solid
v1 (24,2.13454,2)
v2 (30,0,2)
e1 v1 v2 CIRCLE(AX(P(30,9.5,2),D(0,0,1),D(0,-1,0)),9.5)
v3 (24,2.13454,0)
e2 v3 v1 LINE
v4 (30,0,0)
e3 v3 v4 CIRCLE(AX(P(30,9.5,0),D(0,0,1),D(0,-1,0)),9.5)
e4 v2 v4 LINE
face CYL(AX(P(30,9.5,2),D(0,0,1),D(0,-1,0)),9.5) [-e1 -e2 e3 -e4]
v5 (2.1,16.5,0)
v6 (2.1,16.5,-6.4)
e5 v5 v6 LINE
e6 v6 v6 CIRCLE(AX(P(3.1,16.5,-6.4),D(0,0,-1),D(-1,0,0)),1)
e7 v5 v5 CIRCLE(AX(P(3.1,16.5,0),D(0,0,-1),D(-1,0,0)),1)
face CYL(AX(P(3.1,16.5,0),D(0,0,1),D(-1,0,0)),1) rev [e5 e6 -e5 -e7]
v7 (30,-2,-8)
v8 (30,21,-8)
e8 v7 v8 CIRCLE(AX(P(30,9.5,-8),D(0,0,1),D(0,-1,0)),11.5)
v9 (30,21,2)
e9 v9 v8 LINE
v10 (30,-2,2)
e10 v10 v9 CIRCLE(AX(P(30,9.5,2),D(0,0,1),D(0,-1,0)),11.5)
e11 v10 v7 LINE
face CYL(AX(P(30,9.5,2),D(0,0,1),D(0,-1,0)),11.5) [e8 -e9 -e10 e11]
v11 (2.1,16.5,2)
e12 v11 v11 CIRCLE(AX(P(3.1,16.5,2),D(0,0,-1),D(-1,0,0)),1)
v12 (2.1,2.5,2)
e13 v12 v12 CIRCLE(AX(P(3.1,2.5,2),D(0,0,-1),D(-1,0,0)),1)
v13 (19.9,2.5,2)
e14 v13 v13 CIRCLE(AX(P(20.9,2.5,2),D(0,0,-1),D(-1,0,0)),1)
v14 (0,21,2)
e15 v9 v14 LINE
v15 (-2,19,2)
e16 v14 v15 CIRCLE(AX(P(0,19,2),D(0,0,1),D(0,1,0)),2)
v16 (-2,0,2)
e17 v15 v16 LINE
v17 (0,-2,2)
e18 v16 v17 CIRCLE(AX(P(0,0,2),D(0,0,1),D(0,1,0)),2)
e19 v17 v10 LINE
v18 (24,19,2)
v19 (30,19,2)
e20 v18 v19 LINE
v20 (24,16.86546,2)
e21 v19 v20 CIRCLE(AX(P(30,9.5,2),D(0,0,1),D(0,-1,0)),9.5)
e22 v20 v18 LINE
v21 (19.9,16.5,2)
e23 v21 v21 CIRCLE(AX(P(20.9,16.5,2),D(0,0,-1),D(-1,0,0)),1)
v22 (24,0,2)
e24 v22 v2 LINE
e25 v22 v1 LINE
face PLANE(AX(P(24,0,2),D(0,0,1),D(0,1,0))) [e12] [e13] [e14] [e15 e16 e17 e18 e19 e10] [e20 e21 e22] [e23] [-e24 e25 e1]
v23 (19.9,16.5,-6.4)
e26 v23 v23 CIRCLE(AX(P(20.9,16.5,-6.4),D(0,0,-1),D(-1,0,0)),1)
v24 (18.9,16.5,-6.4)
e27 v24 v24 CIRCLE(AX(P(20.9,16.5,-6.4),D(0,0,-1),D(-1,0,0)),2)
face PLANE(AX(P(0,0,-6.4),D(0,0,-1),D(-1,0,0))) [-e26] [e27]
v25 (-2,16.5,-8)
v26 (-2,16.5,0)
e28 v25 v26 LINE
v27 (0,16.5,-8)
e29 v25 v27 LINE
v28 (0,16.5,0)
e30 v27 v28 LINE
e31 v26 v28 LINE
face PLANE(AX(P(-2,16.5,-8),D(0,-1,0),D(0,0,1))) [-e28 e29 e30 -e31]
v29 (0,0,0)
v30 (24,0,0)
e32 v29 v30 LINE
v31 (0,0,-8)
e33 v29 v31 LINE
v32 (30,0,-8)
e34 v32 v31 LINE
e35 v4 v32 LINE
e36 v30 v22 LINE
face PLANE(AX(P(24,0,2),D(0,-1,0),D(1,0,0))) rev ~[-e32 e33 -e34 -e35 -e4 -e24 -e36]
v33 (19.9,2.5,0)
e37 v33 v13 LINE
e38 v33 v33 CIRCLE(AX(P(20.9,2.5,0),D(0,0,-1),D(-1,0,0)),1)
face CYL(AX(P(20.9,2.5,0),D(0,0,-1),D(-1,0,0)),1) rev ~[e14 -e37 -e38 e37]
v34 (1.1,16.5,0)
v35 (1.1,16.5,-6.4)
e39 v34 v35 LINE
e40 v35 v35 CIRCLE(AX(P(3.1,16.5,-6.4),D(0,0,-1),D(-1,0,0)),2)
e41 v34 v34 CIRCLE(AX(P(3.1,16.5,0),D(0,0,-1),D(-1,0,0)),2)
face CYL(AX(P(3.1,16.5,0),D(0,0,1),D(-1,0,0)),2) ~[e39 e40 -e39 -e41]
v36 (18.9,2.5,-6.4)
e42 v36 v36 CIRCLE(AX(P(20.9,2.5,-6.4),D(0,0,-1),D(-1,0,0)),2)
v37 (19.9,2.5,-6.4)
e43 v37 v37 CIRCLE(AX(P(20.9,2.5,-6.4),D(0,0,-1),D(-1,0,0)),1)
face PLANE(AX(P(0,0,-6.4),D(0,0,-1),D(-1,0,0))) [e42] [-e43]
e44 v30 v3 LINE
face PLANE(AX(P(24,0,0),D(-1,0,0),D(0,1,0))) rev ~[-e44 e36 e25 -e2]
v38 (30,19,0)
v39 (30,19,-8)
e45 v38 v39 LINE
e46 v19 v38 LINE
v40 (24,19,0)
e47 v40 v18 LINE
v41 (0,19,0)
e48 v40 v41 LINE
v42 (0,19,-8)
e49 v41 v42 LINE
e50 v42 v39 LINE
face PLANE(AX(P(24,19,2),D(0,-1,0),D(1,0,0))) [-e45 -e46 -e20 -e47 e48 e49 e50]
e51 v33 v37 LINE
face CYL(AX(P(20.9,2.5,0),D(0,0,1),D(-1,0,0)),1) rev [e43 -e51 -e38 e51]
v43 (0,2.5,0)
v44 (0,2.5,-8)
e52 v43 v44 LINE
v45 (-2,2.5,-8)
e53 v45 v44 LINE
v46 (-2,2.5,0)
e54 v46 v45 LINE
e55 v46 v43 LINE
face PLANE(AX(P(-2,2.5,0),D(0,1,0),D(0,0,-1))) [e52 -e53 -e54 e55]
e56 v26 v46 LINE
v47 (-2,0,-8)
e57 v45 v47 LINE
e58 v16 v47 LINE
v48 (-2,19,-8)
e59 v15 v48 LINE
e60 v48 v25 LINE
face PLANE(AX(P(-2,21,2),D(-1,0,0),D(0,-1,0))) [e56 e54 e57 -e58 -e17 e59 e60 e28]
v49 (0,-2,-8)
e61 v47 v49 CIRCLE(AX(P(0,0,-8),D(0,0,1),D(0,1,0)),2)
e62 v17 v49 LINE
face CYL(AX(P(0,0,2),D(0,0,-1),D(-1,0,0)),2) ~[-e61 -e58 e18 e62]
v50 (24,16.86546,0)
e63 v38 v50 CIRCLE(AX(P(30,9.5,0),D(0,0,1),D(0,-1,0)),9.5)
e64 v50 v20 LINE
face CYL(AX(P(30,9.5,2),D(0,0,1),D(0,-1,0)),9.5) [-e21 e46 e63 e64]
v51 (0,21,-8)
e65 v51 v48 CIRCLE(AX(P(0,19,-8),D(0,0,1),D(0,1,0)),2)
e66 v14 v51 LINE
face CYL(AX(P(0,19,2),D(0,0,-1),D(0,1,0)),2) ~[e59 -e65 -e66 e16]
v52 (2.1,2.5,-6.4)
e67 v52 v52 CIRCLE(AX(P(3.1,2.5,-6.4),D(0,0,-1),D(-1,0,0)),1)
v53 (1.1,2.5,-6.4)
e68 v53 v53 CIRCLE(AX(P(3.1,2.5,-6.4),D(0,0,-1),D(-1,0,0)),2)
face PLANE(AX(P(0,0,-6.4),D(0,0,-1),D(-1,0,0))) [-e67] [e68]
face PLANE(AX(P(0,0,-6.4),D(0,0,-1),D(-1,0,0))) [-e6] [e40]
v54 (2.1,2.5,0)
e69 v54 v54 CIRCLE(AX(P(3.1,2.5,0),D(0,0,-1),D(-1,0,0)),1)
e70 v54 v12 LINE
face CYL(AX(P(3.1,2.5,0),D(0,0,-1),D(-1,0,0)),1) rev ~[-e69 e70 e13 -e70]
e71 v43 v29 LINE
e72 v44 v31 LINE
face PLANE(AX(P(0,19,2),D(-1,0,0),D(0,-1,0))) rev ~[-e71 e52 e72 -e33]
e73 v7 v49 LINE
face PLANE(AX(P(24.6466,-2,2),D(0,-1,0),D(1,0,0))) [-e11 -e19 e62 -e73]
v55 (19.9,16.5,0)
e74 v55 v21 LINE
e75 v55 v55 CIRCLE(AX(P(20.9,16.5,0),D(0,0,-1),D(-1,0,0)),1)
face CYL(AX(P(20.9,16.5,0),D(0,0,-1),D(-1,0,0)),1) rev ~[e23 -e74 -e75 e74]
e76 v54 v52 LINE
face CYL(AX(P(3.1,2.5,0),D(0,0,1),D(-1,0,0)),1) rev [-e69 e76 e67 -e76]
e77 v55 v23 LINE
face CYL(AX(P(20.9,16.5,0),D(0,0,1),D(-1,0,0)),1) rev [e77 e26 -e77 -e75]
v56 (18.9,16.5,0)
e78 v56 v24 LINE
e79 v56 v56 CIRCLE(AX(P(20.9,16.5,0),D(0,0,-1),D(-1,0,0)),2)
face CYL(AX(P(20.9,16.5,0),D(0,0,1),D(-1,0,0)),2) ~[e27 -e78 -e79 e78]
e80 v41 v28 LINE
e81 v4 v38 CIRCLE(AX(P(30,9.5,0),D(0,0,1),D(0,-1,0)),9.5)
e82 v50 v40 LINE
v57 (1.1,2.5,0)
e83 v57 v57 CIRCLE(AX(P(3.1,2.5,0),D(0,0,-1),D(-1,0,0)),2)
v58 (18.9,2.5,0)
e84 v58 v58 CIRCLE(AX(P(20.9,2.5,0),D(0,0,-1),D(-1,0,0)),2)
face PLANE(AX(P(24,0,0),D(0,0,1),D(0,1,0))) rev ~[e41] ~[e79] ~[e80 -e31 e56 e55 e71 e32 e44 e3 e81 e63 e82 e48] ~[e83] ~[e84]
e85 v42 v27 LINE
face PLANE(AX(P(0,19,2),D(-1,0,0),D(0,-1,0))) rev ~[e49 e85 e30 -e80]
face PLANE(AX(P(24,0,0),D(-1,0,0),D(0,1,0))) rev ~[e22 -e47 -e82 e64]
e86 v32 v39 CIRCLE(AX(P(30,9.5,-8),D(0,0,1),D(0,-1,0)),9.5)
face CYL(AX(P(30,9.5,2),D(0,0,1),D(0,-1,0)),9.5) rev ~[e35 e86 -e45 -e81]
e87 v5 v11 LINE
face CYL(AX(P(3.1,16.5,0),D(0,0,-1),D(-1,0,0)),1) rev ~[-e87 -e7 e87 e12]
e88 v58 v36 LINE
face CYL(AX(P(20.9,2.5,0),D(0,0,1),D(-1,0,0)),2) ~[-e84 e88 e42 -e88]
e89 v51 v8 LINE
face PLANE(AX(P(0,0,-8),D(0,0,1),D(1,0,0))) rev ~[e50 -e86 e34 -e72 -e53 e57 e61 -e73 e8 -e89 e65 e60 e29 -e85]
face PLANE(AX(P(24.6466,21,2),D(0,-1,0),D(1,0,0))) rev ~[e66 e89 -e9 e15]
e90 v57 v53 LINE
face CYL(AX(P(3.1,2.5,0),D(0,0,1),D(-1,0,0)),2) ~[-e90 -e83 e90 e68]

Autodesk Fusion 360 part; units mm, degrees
sketch "Sketch1" plane through (0, 0, 0) normal (0, 0, 1) x (1, 0, 0)
  line L0 (0, 0) -> (24, 0)
  line L1 (24, 0) -> (24, 19)
  line L2 (24, 19) -> (0, 19)
  line L3 (0, 19) -> (0, 0)
  dimension "d1" = 24
  dimension "d2" = 19
extrude "Extrude1" add sketch "Sketch1" along normal blind 2
sketch "Sketch4" plane through (0, 0, 2) normal (0, 0, 1) x (1, 0, 0)
  line L0 (0, 19) -> (0, 0)
  line L1 (0, 0) -> (24, 0)
  line L2 (24, 0) -> (24, 19)
  line L3 (24, 19) -> (0, 19)
  line L4 (24.6466, 21) -> (-2, 21)
  line L5 (-2, 21) -> (-2, -2)
  line L6 (-2, -2) -> (24.6466, -2)
  line L7 (24.6466, -2) -> (30, -2)
  line L8 (24.6466, 21) -> (30, 21)
  line L9 (30, 21) -> (30, -2) construction
  arc A0 (30, -2) -> (30, 21) centre (30, 9.5) ccw
  line L10 (24, 19) -> (30, 19)
  line L11 (24, 0) -> (30, 0)
  arc A1 (30, 0) -> (30, 19) centre (30, 9.5) ccw
  dimension "d23" = 2
  dimension "d24" = 2
  dimension "d25" = 2
  dimension "d26" = 6
  dimension "d27" = 19
extrude "Extrude5" add sketch "Sketch4" against normal blind 10
sketch "Sketch5" plane through (-2, 0, 0) normal (-1, 0, 0) x (0, 0, 1)
  line L0 (2, -2) -> (2, 21)
  line L1 (2, 21) -> (-8, 21)
  line L2 (-8, 21) -> (-8, -2)
  line L3 (-8, -2) -> (2, -2)
  line L4 (-8, 16.5) -> (0, 16.5)
  line L5 (0, 16.5) -> (0, 2.5)
  line L6 (0, 2.5) -> (-8, 2.5)
  line L7 (-8, 2.5) -> (-8, 16.5)
  dimension "d30" = 8
  dimension "d31" = 14
extrude "Extrude6" cut sketch "Sketch5" against normal up to surface (2 mm away) contours L2 L4 L5 L6 L7
fillet "Fillet1" radius 2 2 edges at (-2, 21, -3) (-2, -2, -3)
extrude "Extrude7" add 1 faces at (24, 6.3333, 0.6667) along direction (1, 0, 0) up to surface end surface at (33.2492, 18.4271, -4.6667)
sketch "Sketch6" plane through (0, 0, 0) normal (0, 0, -1) x (-1, 0, 0)
  line L0 (0, 16.5) -> (0, 19) construction
  line L1 (0, 19) -> (-30, 19)
  arc A0 (-30, 19) -> (-30, 0) centre (-30, 9.5) ccw
  line L2 (-30, 0) -> (0, 0)
  line L3 (0, 0) -> (0, 2.5) construction
  line L4 (0, 2.5) -> (2, 2.5) construction
  line L5 (2, 2.5) -> (2, 16.5) construction
  line L6 (2, 16.5) -> (0, 16.5) construction
  line L7 (-24, 19) -> (0, 19) construction
  line L8 (0, 19) -> (0, 0) construction
  line L9 (0, 0) -> (-24, 0) construction
  line L10 (-24, 0) -> (-24, 19) construction
  line L11 (-20.9, 16.5) -> (-3.1, 16.5) construction
  line L12 (-3.1, 16.5) -> (-3.1, 2.5) construction
  line L13 (-3.1, 2.5) -> (-20.9, 2.5) construction
  line L14 (-20.9, 2.5) -> (-20.9, 16.5) construction
  line L15 (-20.9, 2.5) -> (-3.1, 16.5) construction
  line L16 (-24, 19) -> (0, 0) construction
  circle A1 centre (-20.9, 16.5) radius 1
  circle A2 centre (-3.1, 16.5) radius 1
  circle A3 centre (-3.1, 2.5) radius 1
  circle A4 centre (-20.9, 2.5) radius 1
  point P0 (-24, 19)
  dimension "d38" = 17.8
  dimension "d39" = 14
  dimension "d40" = 2
extrude "Extrude8" cut sketch "Sketch6" against normal up to surface (2 mm away)
sketch "Sketch7" plane through (0, 0, 0) normal (0, 0, -1) x (-1, 0, 0)
  circle A0 centre (-3.1, 16.5) radius 1
  circle A1 centre (-20.9, 16.5) radius 1
  circle A2 centre (-3.1, 2.5) radius 1
  circle A3 centre (-20.9, 2.5) radius 1
  line L0 (0, 16.5) -> (0, 19)
  line L1 (0, 19) -> (-30, 19)
  arc A4 (-30, 19) -> (-30, 0) centre (-30, 9.5) ccw
  line L2 (-30, 0) -> (0, 0)
  line L3 (0, 0) -> (0, 2.5)
  line L4 (0, 2.5) -> (2, 2.5)
  line L5 (2, 2.5) -> (2, 16.5)
  line L6 (2, 16.5) -> (0, 16.5)
  circle A5 centre (-20.9, 16.5) radius 2
  circle A6 centre (-3.1, 16.5) radius 2
  circle A7 centre (-3.1, 2.5) radius 2
  circle A8 centre (-20.9, 2.5) radius 2
  dimension "d43" = 4
extrude "Extrude9" add sketch "Sketch7" along normal up to surface (6.4 mm away) contours A5 | A6 | A7 | A8
equation "d27 = 23 mm - 4 mm"
